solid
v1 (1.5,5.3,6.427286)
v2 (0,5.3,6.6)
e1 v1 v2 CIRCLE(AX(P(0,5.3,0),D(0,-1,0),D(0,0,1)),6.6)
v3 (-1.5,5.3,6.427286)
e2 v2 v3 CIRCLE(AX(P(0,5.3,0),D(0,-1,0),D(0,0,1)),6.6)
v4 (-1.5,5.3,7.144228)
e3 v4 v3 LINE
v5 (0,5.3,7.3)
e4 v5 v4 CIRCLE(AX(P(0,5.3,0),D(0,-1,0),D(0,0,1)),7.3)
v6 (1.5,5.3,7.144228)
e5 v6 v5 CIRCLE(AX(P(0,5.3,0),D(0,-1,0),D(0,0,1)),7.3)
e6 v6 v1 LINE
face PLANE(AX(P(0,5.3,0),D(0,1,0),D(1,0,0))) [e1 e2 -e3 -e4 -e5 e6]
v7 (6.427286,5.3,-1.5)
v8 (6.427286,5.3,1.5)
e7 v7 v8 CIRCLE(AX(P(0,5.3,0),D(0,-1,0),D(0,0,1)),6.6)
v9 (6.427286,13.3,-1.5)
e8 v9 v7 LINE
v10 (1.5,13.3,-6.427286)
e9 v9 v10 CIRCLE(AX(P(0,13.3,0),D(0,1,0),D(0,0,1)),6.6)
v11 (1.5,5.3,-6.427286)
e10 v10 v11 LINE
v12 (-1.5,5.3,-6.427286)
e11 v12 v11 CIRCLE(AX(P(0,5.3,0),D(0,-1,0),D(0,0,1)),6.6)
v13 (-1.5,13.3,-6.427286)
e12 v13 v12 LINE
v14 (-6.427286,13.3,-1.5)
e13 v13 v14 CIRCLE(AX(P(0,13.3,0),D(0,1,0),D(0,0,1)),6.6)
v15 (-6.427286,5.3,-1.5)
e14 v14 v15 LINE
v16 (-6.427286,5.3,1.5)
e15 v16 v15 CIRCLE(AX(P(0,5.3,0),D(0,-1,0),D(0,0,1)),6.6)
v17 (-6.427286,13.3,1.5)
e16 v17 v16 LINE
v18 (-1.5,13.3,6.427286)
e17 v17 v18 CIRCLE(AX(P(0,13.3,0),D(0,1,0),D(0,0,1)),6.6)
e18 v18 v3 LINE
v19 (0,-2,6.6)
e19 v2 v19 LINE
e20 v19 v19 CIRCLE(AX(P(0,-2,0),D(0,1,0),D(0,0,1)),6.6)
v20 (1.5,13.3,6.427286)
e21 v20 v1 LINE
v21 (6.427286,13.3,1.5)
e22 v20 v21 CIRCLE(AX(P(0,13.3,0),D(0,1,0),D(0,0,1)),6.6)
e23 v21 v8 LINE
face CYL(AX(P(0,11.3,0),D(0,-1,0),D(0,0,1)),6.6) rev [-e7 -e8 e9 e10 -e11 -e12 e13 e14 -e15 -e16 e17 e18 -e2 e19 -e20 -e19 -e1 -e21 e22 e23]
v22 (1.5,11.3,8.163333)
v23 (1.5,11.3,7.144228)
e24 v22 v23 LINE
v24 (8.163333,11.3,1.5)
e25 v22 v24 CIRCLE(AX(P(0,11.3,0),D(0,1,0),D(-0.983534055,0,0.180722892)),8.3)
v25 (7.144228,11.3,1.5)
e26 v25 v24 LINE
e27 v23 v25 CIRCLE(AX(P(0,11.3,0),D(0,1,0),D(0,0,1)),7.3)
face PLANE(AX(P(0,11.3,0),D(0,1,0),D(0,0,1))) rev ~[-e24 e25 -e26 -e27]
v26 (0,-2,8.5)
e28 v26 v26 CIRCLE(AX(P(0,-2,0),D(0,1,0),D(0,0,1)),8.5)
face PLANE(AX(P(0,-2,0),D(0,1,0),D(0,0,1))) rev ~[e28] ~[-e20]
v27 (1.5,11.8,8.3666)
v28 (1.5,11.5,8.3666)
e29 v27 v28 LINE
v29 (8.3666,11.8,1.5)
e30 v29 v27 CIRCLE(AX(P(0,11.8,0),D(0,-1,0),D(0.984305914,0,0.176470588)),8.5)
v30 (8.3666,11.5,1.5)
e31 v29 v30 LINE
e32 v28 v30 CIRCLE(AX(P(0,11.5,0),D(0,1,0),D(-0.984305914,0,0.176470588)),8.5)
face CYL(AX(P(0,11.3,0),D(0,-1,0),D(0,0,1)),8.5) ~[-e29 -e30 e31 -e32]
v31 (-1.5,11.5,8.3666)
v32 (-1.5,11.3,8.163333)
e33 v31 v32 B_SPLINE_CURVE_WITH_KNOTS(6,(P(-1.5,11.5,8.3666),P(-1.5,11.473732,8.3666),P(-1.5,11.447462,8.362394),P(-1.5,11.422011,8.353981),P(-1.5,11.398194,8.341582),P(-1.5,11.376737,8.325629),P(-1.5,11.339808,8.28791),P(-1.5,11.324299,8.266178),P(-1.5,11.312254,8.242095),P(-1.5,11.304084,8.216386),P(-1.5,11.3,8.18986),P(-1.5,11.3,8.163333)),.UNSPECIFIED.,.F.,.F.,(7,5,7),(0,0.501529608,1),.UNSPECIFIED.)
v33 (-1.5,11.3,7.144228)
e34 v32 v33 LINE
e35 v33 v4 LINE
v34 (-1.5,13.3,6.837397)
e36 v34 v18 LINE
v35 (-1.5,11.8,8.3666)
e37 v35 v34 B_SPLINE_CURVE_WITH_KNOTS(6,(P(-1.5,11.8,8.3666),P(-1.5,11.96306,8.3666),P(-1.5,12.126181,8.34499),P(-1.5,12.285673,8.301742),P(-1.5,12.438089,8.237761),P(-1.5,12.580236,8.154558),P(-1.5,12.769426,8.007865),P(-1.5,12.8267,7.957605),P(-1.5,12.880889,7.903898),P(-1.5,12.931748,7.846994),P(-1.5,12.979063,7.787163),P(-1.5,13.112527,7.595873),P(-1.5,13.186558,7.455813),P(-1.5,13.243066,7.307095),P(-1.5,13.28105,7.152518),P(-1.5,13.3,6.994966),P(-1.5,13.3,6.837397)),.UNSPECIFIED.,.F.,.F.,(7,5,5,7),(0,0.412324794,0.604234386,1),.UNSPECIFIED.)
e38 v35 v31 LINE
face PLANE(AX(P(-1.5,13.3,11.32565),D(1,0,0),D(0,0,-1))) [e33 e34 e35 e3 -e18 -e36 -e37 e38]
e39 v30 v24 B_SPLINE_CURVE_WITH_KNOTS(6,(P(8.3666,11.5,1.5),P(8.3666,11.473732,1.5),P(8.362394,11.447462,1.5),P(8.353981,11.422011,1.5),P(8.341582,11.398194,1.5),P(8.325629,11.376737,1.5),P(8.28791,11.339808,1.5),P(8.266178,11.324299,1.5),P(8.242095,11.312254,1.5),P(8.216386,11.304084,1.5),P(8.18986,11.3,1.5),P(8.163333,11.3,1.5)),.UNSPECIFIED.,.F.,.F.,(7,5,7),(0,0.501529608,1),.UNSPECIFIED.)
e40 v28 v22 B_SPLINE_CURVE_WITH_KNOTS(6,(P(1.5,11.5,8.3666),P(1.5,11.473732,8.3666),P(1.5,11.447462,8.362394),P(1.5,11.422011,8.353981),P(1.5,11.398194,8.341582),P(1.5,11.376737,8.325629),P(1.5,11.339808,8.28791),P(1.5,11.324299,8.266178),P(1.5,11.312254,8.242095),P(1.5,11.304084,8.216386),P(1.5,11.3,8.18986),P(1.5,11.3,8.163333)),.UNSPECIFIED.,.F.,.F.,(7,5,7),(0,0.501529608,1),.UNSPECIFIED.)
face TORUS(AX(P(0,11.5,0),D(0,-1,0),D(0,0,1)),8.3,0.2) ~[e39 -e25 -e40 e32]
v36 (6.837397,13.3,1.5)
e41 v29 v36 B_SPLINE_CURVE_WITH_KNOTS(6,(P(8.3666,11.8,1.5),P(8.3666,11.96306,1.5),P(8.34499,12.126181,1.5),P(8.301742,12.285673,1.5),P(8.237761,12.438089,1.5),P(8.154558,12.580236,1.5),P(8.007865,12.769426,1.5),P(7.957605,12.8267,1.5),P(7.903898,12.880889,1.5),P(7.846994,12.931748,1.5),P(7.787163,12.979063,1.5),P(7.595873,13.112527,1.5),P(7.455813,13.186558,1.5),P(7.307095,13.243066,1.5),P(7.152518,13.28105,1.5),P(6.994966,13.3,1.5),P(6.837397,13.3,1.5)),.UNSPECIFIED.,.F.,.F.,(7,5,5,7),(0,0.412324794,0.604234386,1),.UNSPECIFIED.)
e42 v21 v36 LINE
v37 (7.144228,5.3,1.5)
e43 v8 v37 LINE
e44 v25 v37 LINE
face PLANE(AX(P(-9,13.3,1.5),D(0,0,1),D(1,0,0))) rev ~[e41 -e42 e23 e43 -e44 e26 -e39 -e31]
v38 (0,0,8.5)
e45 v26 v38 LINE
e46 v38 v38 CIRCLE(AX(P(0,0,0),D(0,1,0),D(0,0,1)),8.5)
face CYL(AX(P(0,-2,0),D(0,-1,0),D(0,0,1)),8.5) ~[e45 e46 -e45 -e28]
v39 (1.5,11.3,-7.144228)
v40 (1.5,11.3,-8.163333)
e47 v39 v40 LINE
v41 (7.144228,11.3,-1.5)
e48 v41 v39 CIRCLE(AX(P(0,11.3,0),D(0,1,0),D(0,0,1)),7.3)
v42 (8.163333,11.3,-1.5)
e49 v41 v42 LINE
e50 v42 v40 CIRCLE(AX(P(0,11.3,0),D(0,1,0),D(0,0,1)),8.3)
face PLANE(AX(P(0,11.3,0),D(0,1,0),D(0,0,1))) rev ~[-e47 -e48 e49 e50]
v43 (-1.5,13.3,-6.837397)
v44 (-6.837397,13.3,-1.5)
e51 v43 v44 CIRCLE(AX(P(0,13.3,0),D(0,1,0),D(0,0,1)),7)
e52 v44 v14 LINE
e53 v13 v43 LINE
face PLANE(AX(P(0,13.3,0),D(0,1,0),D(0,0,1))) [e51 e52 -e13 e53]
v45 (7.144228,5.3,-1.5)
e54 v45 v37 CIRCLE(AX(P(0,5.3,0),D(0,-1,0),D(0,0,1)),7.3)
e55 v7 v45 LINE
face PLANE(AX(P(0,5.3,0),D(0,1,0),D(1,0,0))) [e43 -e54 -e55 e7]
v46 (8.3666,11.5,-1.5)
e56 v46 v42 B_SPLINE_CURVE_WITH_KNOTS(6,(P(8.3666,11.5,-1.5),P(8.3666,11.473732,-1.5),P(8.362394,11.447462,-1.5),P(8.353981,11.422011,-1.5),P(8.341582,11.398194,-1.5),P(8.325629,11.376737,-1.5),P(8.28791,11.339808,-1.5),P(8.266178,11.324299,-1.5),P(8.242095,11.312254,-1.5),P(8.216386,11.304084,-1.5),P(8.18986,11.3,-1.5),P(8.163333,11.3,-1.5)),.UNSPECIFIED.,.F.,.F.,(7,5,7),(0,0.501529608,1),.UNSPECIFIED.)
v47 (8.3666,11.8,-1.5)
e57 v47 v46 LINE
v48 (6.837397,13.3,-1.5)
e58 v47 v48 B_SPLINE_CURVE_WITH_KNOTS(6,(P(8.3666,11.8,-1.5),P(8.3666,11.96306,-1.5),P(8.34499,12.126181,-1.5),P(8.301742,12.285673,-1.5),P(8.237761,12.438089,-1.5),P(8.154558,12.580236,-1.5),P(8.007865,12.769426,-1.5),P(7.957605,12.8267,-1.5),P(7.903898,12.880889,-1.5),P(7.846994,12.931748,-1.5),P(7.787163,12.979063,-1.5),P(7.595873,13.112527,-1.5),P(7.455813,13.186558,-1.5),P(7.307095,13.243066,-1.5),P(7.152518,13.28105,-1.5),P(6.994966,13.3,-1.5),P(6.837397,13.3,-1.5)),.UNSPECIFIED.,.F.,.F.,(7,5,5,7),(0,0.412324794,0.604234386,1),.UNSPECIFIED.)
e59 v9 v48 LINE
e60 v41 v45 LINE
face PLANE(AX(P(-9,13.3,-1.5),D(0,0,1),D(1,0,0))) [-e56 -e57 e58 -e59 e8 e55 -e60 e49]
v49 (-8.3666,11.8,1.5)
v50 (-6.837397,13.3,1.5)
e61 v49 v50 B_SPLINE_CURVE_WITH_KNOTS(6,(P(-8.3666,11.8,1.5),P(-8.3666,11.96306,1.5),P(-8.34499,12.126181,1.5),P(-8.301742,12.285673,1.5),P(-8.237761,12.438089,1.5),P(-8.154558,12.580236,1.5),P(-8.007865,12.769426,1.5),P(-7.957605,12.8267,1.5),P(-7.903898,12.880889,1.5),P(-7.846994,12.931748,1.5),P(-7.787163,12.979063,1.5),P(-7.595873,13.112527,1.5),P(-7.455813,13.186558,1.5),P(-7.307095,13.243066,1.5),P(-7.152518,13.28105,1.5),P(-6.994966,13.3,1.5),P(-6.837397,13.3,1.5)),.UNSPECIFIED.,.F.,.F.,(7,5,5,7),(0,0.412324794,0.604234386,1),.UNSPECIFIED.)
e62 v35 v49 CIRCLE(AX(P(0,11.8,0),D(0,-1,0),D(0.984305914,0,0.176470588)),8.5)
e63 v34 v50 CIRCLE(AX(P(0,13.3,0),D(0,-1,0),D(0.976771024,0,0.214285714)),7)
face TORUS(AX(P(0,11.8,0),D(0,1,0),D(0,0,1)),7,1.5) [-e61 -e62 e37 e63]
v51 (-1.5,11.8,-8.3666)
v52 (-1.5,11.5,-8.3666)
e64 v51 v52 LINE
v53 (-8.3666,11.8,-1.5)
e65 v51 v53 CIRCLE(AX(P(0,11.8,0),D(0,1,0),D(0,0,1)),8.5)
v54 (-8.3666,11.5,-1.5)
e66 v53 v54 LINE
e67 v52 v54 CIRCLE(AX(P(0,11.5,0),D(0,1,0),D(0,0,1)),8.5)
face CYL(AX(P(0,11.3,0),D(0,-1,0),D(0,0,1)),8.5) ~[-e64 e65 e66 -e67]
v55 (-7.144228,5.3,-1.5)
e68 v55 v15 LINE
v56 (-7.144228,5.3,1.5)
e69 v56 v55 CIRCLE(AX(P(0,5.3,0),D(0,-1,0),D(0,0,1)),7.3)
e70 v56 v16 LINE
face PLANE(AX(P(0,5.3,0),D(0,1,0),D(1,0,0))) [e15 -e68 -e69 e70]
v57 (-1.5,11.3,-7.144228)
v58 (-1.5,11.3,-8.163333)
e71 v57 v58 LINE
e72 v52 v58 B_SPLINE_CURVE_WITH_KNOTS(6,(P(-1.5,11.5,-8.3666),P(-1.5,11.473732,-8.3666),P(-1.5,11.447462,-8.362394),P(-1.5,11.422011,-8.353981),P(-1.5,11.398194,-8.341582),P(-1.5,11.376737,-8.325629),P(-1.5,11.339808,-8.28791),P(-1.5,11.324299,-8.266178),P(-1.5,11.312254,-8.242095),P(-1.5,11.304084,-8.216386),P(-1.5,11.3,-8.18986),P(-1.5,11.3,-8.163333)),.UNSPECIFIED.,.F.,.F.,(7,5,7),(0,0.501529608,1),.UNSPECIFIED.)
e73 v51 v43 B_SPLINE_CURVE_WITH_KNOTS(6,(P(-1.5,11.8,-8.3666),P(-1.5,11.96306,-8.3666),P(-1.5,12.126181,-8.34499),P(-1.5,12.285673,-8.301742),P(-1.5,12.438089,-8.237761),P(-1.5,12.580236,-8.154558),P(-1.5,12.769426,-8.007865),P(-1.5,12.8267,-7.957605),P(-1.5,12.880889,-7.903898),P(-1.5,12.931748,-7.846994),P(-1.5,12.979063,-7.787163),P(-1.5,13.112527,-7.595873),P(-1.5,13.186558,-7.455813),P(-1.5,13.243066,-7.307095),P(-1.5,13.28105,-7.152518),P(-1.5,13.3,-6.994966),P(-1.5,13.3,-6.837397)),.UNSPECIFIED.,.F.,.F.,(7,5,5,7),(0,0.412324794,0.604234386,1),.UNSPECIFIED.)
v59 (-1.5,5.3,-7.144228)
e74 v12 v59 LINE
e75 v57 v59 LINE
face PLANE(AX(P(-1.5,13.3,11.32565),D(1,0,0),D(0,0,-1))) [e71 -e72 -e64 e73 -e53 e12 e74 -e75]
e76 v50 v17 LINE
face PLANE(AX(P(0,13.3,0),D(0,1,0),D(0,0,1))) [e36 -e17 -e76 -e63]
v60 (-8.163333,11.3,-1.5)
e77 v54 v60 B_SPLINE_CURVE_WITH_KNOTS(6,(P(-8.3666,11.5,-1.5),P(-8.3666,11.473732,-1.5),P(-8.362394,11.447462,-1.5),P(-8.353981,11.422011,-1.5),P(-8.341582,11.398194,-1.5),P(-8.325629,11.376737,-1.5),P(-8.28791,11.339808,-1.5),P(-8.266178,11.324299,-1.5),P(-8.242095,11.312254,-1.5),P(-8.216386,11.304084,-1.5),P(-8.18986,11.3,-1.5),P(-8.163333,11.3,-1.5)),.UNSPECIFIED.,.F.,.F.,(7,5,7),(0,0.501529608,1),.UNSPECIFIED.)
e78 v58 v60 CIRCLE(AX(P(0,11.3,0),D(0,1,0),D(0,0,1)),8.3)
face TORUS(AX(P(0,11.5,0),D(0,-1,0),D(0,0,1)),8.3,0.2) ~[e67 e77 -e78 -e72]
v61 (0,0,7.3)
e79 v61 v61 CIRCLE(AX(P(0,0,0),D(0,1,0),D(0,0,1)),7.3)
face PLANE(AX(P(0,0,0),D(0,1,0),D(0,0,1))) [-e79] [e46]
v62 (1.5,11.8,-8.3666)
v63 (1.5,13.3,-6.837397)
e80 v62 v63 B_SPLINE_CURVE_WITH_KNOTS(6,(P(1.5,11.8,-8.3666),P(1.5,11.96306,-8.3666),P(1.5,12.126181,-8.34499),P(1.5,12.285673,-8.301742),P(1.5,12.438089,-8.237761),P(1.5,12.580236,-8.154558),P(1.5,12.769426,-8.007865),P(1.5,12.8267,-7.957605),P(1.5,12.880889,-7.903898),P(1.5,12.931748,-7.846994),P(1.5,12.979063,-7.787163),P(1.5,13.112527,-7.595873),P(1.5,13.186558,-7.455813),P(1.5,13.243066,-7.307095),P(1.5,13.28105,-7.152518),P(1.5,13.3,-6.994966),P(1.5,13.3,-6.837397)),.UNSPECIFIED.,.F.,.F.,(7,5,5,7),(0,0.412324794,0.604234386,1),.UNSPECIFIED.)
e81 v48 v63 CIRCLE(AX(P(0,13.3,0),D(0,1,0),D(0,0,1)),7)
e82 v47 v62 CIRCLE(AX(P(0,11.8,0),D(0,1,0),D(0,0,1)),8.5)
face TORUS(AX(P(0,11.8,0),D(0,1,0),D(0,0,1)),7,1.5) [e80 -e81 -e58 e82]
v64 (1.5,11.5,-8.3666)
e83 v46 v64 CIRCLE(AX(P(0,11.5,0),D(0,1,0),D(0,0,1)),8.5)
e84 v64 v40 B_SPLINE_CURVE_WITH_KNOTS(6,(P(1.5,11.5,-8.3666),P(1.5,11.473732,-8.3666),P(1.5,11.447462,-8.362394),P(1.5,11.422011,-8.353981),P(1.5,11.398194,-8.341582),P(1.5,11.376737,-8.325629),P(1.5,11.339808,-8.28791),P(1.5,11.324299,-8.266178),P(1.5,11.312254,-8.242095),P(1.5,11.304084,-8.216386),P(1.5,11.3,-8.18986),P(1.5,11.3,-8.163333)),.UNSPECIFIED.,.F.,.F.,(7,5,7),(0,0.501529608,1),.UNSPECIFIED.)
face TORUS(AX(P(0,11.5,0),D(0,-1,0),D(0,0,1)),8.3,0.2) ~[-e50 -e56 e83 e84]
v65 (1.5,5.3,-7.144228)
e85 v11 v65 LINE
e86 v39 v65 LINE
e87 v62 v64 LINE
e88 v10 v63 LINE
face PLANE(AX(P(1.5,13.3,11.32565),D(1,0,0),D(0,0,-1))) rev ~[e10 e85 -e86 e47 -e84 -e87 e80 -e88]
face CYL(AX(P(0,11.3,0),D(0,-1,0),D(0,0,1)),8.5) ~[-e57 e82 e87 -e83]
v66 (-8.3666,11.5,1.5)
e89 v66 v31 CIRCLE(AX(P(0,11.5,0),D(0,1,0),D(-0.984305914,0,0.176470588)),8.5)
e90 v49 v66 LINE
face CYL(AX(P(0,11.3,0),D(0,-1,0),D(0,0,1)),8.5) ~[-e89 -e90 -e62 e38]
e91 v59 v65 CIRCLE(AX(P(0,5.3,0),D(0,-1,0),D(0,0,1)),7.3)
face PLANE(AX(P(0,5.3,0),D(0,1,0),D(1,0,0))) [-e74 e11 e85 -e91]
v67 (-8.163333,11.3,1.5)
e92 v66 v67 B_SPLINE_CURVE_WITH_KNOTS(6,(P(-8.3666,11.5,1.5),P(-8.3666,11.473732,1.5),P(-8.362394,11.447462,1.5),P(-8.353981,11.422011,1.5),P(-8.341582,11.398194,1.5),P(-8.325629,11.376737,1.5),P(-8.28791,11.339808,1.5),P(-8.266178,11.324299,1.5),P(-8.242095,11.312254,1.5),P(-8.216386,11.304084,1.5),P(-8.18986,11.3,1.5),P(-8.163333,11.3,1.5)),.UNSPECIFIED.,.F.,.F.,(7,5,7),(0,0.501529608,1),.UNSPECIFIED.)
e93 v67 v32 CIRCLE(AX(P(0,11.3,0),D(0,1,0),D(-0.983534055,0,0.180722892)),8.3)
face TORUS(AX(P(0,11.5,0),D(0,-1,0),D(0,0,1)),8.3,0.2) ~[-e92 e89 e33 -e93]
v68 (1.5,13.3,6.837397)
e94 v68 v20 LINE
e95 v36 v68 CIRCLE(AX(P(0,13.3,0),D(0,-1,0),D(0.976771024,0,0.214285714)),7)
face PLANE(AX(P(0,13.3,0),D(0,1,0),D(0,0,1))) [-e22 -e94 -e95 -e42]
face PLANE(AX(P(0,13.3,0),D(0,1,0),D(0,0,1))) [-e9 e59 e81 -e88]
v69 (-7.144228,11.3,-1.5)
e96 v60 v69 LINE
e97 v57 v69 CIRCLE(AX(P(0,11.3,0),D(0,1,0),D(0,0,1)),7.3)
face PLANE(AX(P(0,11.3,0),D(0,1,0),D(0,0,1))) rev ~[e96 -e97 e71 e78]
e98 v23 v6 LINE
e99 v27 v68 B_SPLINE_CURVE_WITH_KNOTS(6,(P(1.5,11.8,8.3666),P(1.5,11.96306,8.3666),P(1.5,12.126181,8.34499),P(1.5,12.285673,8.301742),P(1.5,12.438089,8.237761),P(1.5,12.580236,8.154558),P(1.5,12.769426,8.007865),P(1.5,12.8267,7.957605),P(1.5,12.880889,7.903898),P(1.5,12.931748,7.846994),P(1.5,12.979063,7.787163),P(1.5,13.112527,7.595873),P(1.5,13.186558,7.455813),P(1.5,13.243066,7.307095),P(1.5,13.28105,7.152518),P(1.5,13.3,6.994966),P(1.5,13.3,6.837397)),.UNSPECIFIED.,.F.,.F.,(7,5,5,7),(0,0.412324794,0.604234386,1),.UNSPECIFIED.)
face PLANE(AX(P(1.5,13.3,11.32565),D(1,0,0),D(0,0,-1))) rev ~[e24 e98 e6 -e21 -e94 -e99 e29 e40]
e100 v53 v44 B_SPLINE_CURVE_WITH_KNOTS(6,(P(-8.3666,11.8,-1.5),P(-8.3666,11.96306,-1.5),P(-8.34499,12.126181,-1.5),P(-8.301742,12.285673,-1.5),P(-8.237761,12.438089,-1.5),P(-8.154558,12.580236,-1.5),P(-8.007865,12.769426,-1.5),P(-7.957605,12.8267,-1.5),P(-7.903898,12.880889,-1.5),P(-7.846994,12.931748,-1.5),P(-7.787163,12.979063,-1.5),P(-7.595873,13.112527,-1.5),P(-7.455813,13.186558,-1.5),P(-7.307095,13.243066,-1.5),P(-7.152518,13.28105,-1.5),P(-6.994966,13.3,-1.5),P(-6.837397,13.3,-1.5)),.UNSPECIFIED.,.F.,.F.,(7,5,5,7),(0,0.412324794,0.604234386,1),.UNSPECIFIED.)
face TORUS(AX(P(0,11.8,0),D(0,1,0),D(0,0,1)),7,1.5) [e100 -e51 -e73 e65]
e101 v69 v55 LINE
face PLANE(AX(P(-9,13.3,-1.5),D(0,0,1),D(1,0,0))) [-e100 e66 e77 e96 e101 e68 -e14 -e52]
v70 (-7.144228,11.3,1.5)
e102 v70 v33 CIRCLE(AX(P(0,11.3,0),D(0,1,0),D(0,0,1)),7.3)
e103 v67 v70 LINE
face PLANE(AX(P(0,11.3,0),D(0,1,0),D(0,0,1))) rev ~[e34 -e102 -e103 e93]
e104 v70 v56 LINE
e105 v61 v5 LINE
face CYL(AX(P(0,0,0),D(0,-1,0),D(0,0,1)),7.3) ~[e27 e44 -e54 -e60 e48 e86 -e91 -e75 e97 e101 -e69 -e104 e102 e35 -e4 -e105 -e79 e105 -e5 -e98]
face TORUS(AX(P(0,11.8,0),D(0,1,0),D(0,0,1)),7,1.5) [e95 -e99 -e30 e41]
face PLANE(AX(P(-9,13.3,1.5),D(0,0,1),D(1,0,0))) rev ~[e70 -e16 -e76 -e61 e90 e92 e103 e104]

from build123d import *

# Parameters (mm, degrees)
SKETCH1_R           = 7.3
SKETCH1_R_2         = 6.6
BOSS_EXTRUDE1_DEPTH = 11.3
BOSS_EXTRUDE2_START = -2
SKETCH1_3_R         = 8.5
SKETCH1_3_R_2       = 6.6
BOSS_EXTRUDE2_DEPTH = 2
BOSS_EXTRUDE3_START = 11.3
SKETCH1_4_R         = 8.5
SKETCH1_4_R_2       = 6.6
BOSS_EXTRUDE3_DEPTH = 2
FILLET1_R           = 1.5
FILLET2_R           = 0.2
CUT_EXTRUDE1_START  = 13.3
SKETCH1_6_W         = 18
SKETCH1_6_H         = 3
CUT_EXTRUDE1_DEPTH  = 8
CUT_EXTRUDE3_START  = 13.3
SKETCH3_W           = 3
SKETCH3_H           = 22.651300202
CUT_EXTRUDE3_DEPTH  = 8


with BuildPart() as part:
    # Sketch1 → Boss-Extrude1 (new body)
    with BuildSketch(Plane(origin=(0, 0, 0), x_dir=(1, 0, 0), z_dir=(0, 1, 0))):
        with Locations(Location((0, 0, 0), (0, 0, 270))):
            Circle(SKETCH1_R)
        with Locations(Location((0, 0, 0), (0, 0, 270))):
            Circle(SKETCH1_R_2, mode=Mode.SUBTRACT)
    extrude(amount=BOSS_EXTRUDE1_DEPTH)

    # Sketch1<3> → Boss-Extrude2 (add)
    with BuildSketch(Plane(origin=(0, 0, 0), x_dir=(1, 0, 0), z_dir=(0, 1, 0)).offset(BOSS_EXTRUDE2_START)):
        with Locations(Location((0, 0, 0), (0, 0, 270))):
            Circle(SKETCH1_3_R)
        with Locations(Location((0, 0, 0), (0, 0, 270))):
            Circle(SKETCH1_3_R_2, mode=Mode.SUBTRACT)
    extrude(amount=BOSS_EXTRUDE2_DEPTH)

    # Sketch1<4> → Boss-Extrude3 (add)
    with BuildSketch(Plane(origin=(0, 0, 0), x_dir=(1, 0, 0), z_dir=(0, 1, 0)).offset(BOSS_EXTRUDE3_START)):
        with Locations(Location((0, 0, 0), (0, 0, 270))):
            Circle(SKETCH1_4_R)
        with Locations(Location((0, 0, 0), (0, 0, 270))):
            Circle(SKETCH1_4_R_2, mode=Mode.SUBTRACT)
    extrude(amount=BOSS_EXTRUDE3_DEPTH)

    # Fillet1
    fillet1_edges = [part.edges().sort_by_distance(p)[0] for p in [
        (0, 13.3, -8.5),
    ]]
    fillet(fillet1_edges, radius=FILLET1_R)

    # Fillet2
    fillet2_edges = [part.edges().sort_by_distance(p)[0] for p in [
        (0, 11.3, -8.5),
    ]]
    fillet(fillet2_edges, radius=FILLET2_R)

    # Sketch1<6> → Cut-Extrude1 (cut)
    with BuildSketch(Plane(origin=(0, 0, 0), x_dir=(1, 0, 0), z_dir=(0, 1, 0)).offset(CUT_EXTRUDE1_START)):
        Rectangle(SKETCH1_6_W, SKETCH1_6_H)
    extrude(amount=-CUT_EXTRUDE1_DEPTH, mode=Mode.SUBTRACT)

    # Sketch3 → Cut-Extrude3 (cut)
    with BuildSketch(Plane(origin=(0, 0, 0), x_dir=(1, 0, 0), z_dir=(0, 1, 0)).offset(CUT_EXTRUDE3_START)):
        Rectangle(SKETCH3_W, SKETCH3_H)
    extrude(amount=-CUT_EXTRUDE3_DEPTH, mode=Mode.SUBTRACT)


solid = part.part
